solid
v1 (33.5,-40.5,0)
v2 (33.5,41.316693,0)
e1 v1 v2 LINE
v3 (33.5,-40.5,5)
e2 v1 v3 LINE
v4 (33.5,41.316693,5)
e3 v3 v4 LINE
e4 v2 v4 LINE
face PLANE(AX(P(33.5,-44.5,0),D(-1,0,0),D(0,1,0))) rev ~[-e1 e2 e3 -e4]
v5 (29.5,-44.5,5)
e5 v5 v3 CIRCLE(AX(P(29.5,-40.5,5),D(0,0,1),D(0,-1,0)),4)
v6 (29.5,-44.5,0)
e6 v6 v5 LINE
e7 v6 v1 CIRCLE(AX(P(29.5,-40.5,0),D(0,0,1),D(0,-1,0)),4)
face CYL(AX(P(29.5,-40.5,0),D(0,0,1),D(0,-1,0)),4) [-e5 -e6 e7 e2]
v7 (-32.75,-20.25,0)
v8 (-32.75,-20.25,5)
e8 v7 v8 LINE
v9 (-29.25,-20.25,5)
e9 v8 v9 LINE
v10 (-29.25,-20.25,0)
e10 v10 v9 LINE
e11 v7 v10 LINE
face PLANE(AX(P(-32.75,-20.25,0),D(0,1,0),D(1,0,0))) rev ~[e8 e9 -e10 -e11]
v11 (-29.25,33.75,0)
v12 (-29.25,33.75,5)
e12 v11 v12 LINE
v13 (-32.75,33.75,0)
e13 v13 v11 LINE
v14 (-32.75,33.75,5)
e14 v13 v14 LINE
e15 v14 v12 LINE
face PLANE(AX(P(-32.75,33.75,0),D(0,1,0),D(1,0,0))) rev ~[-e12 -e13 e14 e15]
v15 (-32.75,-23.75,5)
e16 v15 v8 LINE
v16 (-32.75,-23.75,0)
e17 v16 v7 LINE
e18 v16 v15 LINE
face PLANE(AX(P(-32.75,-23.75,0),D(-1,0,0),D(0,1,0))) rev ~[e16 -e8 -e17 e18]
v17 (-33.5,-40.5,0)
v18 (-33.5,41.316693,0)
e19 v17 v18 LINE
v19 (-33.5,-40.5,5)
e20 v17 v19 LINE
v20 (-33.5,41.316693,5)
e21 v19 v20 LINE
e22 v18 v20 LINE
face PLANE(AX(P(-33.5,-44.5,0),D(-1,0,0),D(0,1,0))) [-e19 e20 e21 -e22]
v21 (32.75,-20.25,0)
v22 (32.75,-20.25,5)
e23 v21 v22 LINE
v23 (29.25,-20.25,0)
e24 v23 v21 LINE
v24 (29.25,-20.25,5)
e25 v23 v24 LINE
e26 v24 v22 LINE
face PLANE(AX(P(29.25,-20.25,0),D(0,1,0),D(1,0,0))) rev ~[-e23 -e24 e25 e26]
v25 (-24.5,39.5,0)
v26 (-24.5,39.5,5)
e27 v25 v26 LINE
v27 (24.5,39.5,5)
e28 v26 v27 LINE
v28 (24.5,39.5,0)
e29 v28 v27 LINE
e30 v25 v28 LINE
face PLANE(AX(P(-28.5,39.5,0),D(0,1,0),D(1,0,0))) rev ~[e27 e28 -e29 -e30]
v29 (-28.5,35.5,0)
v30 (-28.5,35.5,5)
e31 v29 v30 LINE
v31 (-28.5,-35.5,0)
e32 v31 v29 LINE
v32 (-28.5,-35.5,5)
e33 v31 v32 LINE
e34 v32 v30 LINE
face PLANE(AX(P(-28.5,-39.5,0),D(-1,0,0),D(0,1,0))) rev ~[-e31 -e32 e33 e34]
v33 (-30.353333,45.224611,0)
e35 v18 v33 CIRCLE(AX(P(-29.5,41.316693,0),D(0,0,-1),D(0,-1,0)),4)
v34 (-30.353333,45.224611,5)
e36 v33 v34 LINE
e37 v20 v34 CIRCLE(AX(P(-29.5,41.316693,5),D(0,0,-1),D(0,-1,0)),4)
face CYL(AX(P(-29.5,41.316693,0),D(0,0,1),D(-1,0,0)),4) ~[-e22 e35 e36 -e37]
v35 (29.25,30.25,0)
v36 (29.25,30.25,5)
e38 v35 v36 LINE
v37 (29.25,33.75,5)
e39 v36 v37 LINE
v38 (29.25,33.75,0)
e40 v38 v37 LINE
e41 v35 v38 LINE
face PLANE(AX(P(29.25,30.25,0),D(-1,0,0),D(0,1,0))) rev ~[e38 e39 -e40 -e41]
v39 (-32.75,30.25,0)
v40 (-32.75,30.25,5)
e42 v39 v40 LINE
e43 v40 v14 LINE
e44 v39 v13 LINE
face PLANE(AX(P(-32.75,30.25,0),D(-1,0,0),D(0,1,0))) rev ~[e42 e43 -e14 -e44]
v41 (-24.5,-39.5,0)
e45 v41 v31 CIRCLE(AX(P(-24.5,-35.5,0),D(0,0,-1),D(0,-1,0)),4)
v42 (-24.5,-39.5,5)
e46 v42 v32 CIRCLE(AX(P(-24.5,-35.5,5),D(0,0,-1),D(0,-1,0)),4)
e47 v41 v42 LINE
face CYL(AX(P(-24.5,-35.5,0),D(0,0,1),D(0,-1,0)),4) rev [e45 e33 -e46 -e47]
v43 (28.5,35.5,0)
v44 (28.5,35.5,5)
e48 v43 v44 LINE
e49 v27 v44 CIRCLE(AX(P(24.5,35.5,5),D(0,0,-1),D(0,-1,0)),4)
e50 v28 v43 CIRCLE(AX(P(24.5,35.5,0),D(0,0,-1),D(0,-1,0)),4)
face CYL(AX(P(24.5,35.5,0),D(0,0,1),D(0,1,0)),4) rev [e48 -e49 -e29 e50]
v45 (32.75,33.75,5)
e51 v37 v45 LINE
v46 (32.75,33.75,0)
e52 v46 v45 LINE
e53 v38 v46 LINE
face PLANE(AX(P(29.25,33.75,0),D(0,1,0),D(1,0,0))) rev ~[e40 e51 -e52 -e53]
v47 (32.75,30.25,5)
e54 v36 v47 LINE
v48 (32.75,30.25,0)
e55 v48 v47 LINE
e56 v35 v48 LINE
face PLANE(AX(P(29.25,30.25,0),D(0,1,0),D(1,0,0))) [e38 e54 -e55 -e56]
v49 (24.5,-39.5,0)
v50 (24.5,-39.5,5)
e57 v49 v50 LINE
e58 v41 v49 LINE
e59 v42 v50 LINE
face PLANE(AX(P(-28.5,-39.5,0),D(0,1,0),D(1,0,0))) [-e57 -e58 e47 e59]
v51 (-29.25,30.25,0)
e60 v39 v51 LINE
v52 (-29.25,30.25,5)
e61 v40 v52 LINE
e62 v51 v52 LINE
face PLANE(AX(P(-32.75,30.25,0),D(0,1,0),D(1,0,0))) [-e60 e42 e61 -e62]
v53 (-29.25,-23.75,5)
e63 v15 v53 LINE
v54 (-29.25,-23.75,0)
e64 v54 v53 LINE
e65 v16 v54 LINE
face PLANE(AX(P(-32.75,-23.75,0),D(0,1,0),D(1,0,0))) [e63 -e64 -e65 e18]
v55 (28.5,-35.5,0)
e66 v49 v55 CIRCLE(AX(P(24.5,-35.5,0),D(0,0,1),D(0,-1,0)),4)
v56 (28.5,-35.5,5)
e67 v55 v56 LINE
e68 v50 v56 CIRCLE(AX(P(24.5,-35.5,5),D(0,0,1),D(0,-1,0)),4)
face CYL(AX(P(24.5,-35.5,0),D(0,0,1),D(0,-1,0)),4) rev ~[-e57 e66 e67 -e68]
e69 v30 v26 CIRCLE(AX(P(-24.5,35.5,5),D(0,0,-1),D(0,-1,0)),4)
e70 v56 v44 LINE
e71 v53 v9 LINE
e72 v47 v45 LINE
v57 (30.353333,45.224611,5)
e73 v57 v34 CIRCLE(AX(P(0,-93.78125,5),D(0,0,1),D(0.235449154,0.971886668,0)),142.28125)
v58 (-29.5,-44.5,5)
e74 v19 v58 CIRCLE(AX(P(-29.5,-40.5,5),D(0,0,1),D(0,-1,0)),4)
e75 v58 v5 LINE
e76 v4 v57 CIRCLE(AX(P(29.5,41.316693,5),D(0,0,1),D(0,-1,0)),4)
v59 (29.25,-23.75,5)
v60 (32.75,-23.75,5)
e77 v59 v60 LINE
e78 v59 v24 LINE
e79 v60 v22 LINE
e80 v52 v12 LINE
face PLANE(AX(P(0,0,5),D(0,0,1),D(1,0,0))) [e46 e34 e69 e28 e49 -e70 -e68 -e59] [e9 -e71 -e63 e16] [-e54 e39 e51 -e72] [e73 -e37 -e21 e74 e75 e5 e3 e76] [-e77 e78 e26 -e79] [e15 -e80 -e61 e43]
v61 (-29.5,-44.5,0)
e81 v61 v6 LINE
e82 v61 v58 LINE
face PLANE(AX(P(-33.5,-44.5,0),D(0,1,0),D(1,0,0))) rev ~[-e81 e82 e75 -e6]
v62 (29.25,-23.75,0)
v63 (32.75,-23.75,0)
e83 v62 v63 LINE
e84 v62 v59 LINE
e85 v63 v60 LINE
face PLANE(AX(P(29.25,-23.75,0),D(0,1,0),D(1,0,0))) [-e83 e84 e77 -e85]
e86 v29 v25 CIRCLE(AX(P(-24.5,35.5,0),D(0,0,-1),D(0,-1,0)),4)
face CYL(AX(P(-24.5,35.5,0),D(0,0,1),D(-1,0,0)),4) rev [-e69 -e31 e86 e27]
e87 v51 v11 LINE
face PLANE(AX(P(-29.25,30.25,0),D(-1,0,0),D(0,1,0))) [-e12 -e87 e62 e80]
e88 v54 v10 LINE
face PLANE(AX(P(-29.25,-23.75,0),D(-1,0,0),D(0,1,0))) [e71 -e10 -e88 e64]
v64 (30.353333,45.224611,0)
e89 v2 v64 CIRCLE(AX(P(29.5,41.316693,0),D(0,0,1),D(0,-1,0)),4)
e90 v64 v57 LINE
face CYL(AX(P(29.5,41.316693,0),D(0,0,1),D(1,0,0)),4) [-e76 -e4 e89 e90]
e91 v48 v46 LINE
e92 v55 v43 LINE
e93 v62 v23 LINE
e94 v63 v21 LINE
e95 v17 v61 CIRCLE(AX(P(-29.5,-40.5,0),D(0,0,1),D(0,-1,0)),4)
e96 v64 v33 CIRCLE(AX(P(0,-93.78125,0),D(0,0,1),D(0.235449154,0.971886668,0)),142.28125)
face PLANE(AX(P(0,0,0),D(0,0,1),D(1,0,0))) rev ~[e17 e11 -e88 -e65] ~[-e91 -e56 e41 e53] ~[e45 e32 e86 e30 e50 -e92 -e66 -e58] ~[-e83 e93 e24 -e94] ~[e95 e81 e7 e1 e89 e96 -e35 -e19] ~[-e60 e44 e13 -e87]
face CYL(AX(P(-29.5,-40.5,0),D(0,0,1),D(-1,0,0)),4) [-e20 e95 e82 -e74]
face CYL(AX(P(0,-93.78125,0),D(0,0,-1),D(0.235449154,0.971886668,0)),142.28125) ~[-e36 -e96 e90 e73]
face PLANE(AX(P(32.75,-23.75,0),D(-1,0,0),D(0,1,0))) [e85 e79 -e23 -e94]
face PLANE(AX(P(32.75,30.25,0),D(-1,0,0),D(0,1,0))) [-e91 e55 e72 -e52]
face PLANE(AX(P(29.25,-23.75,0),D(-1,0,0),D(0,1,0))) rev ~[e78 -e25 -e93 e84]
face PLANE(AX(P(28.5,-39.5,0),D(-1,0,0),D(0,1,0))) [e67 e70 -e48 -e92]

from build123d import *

# Parameters (mm, degrees)
F0_W     = 67
F0_H     = 89
F0_W_2   = 3.5
F0_H_2   = 3.5
F0_W_3   = 57
F0_H_3   = 79
F1_DEPTH = 5
F2_R     = 4


with BuildPart() as f1:
    # F0 (on Top) → F1 (new body)
    with BuildSketch(Plane.XY):
        Rectangle(F0_W, F0_H)
        with Locations((-31, -22)):
            Rectangle(F0_W_2, F0_H_2, mode=Mode.SUBTRACT)
        with Locations((31, -22)):
            Rectangle(F0_W_2, F0_H_2, mode=Mode.SUBTRACT)
        Rectangle(F0_W_3, F0_H_3, mode=Mode.SUBTRACT)
        with Locations((-31, 32)):
            Rectangle(F0_W_2, F0_H_2, mode=Mode.SUBTRACT)
        with Locations((31, 32)):
            Rectangle(F0_W_2, F0_H_2, mode=Mode.SUBTRACT)
        with BuildLine():
            Line((-33.5, 44.5), (33.5, 44.5))
            ThreePointArc((33.5, 44.5), (0, 48.5), (-33.5, 44.5))
        make_face()
    extrude(amount=F1_DEPTH)

    # F2
    f2_edges = [f1.edges().sort_by_distance(p)[0] for p in [
        (-33.5, -44.5, 2.5),
        (33.5, -44.5, 2.5),
        (-33.5, 44.5, 2.5),
        (33.5, 44.5, 2.5),
        (-28.5, 39.5, 2.5),
        (28.5, 39.5, 2.5),
        (28.5, -39.5, 2.5),
        (-28.5, -39.5, 2.5),
    ]]
    fillet(f2_edges, radius=F2_R)


solid = f1.part
